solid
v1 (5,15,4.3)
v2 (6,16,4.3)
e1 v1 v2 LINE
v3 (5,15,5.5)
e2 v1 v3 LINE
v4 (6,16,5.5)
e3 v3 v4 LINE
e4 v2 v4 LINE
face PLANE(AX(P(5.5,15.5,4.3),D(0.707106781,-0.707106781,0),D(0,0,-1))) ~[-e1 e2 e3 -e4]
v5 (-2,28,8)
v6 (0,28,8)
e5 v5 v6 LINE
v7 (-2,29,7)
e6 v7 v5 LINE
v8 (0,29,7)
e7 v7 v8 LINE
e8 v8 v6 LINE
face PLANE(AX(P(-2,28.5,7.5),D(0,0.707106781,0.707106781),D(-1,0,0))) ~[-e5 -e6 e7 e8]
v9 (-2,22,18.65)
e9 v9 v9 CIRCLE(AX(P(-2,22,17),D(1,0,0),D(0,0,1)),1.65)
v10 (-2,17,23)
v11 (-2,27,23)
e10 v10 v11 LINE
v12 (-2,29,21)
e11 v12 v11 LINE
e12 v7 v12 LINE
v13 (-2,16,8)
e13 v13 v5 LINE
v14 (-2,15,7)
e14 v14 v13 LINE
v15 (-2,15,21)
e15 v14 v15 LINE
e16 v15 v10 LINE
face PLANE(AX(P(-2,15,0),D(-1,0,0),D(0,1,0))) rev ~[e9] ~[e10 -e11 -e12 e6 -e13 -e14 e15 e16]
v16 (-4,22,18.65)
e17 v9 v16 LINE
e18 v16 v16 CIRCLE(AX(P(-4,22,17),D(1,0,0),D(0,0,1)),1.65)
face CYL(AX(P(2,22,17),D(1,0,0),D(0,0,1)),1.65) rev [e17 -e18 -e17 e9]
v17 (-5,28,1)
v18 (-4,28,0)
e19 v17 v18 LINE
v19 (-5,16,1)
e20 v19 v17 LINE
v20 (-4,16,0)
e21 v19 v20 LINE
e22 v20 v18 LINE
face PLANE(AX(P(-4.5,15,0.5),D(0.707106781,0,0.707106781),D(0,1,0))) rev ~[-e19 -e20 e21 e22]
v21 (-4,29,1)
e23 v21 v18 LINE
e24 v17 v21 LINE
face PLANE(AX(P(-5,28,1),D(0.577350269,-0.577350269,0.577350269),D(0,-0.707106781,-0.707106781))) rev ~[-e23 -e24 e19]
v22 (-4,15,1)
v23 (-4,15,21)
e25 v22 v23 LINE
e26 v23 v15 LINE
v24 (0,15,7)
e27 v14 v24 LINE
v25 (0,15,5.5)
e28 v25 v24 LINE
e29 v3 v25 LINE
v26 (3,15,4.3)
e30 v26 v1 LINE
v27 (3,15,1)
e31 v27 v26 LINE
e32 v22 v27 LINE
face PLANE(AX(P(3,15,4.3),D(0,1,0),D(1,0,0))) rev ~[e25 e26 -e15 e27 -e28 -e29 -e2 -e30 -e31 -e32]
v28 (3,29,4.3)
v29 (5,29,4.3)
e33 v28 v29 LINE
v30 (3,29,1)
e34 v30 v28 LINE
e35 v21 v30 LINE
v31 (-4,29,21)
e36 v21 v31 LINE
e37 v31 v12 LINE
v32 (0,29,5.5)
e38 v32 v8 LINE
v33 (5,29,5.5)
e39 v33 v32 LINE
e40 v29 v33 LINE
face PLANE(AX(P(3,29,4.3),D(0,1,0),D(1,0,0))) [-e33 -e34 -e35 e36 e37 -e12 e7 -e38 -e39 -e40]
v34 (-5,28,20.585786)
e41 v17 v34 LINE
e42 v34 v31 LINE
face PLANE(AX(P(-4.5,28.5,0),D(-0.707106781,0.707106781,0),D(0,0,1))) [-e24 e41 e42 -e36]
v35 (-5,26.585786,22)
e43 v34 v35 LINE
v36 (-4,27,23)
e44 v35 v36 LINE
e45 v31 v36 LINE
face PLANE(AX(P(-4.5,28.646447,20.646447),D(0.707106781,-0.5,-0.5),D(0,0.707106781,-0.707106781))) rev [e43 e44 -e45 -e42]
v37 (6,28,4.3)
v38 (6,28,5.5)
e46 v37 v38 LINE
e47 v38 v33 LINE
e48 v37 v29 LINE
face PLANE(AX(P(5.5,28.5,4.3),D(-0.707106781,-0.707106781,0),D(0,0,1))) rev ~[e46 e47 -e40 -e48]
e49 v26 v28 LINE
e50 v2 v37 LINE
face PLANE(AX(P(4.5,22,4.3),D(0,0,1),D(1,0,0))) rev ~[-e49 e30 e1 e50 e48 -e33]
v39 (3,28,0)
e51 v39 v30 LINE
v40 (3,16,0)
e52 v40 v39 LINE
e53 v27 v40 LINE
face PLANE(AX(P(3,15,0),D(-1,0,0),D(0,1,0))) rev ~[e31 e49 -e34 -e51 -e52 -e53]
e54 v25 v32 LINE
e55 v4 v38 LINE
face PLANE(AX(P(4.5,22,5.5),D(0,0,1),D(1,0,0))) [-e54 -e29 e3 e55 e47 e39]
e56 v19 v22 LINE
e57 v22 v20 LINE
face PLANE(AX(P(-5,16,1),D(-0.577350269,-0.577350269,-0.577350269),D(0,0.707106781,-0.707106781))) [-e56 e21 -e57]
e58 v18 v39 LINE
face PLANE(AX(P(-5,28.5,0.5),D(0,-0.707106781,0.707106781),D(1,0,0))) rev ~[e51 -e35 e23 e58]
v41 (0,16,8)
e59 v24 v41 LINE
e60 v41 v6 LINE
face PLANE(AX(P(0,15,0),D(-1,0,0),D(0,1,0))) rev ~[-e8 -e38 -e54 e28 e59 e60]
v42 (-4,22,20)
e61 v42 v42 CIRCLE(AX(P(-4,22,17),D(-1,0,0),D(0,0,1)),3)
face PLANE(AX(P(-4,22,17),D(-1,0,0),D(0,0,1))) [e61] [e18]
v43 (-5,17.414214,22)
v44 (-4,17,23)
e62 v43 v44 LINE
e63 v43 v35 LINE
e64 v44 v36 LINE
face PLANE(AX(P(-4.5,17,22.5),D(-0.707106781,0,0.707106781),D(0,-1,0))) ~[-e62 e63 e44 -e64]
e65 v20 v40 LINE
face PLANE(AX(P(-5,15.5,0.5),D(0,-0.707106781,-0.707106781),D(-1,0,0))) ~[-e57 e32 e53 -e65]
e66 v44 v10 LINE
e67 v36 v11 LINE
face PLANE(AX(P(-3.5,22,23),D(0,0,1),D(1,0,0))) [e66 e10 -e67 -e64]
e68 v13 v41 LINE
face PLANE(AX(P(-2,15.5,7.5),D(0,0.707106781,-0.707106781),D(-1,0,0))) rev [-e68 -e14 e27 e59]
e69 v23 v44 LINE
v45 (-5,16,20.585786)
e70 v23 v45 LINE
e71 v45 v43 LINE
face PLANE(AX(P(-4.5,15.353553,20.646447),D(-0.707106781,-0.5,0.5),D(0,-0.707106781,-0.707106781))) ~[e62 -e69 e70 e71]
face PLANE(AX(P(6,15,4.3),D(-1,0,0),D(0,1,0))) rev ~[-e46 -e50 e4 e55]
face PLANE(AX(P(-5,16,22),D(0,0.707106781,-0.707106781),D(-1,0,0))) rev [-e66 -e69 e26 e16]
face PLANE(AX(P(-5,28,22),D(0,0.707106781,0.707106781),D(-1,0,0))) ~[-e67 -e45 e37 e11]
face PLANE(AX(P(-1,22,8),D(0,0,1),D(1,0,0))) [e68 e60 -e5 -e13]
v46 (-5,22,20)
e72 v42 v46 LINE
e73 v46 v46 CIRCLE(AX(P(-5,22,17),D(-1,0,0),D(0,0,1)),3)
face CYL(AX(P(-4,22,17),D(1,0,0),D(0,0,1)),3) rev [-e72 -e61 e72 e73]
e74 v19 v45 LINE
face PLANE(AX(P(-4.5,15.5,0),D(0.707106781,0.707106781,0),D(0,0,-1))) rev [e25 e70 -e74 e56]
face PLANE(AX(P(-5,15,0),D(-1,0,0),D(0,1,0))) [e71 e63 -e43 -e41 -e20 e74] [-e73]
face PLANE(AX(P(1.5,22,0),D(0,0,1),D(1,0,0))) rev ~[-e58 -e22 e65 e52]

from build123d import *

# Parameters (mm, degrees)
CYLINDER049_R            = 3
CYLINDER049_DEPTH        = 1
CYLINDER050_R            = 1.65
CYLINDER050_DEPTH        = 10
BOX047_W                 = 2
BOX047_H                 = 14
BOX047_DEPTH             = 8
CHAMFER006013010006_SIZE = 1
BOX048_W                 = 3
BOX048_H                 = 14
BOX048_DEPTH             = 5.5
BOX049_W                 = 3
BOX049_H                 = 14
BOX049_DEPTH             = 1.2
CHAMFER006013010007_SIZE = 1
BOX046_W                 = 3
BOX046_H                 = 14
BOX046_DEPTH             = 23
CHAMFER006013010008_SIZE = 2
CHAMFER006013010009_SIZE = 1


with BuildPart() as cylinder049:
    # Cylinder049 → Cylinder049 (new body)
    with BuildSketch(Plane(origin=(-4, 22, 17), x_dir=(0, 0, 1), z_dir=(-1, 0, 0))):
        Circle(CYLINDER049_R)
    extrude(amount=CYLINDER049_DEPTH)


with BuildPart() as fusion024006014003:
    # Cylinder050 → Cylinder050 (new body)
    with BuildSketch(Plane(origin=(2, 22, 17), x_dir=(0, 0, 1), z_dir=(-1, 0, 0))):
        Circle(CYLINDER050_R)
    extrude(amount=CYLINDER050_DEPTH)

    # Fusion024006014003: union Cylinder049
    add(cylinder049.part)


with BuildPart() as chamfer006013010006:
    # Box047 → Box047 (new body)
    with BuildSketch(Plane(origin=(-2, 15, 0), x_dir=(1, 0, 0), z_dir=(0, 0, 1))):
        with Locations((1, 7)):
            Rectangle(BOX047_W, BOX047_H)
    extrude(amount=BOX047_DEPTH)

    # Chamfer006013010006
    chamfer006013010006_edges = [chamfer006013010006.edges().sort_by_distance(p)[0] for p in [
        (-1, 15, 8),
        (-1, 29, 8),
    ]]
    chamfer(chamfer006013010006_edges, length=CHAMFER006013010006_SIZE)


with BuildPart() as cube048:
    # Box048 → Box048 (new body)
    with BuildSketch(Plane(origin=(0, 15, 0), x_dir=(1, 0, 0), z_dir=(0, 0, 1))):
        with Locations((1.5, 7)):
            Rectangle(BOX048_W, BOX048_H)
    extrude(amount=BOX048_DEPTH)


with BuildPart() as chamfer006013010007:
    # Box049 → Box049 (new body)
    with BuildSketch(Plane(origin=(3, 15, 4.3), x_dir=(1, 0, 0), z_dir=(0, 0, 1))):
        with Locations((1.5, 7)):
            Rectangle(BOX049_W, BOX049_H)
    extrude(amount=BOX049_DEPTH)

    # Chamfer006013010007
    chamfer006013010007_edges = [chamfer006013010007.edges().sort_by_distance(p)[0] for p in [
        (6, 15, 4.9),
        (6, 29, 4.9),
    ]]
    chamfer(chamfer006013010007_edges, length=CHAMFER006013010007_SIZE)


with BuildPart() as sd_lock:
    # Box046 → Box046 (new body)
    with BuildSketch(Plane(origin=(-5, 15, 0), x_dir=(1, 0, 0), z_dir=(0, 0, 1))):
        with Locations((1.5, 7)):
            Rectangle(BOX046_W, BOX046_H)
    extrude(amount=BOX046_DEPTH)

    # Chamfer006013010008
    chamfer006013010008_edges = [sd_lock.edges().sort_by_distance(p)[0] for p in [
        (-3.5, 15, 23),
        (-3.5, 29, 23),
    ]]
    chamfer(chamfer006013010008_edges, length=CHAMFER006013010008_SIZE)

    # Fusion024006014002: union Chamfer006013010006, Cube048, Chamfer006013010007
    add(chamfer006013010006.part)
    add(cube048.part)
    add(chamfer006013010007.part)

    # Cut003002006013012006025012: cut Fusion024006014003
    add(fusion024006014003.part, mode=Mode.SUBTRACT)

    # Chamfer006013010009
    chamfer006013010009_edges = [sd_lock.edges().sort_by_distance(p)[0] for p in [
        (-3.5, 15, 0),
        (-5, 15, 10.5),
        (-3.5, 29, 0),
        (-5, 29, 10.5),
        (-5, 22, 0),
        (-5, 16, 22),
        (-5, 22, 23),
        (-5, 28, 22),
    ]]
    chamfer(chamfer006013010009_edges, length=CHAMFER006013010009_SIZE)


solid = sd_lock.part
